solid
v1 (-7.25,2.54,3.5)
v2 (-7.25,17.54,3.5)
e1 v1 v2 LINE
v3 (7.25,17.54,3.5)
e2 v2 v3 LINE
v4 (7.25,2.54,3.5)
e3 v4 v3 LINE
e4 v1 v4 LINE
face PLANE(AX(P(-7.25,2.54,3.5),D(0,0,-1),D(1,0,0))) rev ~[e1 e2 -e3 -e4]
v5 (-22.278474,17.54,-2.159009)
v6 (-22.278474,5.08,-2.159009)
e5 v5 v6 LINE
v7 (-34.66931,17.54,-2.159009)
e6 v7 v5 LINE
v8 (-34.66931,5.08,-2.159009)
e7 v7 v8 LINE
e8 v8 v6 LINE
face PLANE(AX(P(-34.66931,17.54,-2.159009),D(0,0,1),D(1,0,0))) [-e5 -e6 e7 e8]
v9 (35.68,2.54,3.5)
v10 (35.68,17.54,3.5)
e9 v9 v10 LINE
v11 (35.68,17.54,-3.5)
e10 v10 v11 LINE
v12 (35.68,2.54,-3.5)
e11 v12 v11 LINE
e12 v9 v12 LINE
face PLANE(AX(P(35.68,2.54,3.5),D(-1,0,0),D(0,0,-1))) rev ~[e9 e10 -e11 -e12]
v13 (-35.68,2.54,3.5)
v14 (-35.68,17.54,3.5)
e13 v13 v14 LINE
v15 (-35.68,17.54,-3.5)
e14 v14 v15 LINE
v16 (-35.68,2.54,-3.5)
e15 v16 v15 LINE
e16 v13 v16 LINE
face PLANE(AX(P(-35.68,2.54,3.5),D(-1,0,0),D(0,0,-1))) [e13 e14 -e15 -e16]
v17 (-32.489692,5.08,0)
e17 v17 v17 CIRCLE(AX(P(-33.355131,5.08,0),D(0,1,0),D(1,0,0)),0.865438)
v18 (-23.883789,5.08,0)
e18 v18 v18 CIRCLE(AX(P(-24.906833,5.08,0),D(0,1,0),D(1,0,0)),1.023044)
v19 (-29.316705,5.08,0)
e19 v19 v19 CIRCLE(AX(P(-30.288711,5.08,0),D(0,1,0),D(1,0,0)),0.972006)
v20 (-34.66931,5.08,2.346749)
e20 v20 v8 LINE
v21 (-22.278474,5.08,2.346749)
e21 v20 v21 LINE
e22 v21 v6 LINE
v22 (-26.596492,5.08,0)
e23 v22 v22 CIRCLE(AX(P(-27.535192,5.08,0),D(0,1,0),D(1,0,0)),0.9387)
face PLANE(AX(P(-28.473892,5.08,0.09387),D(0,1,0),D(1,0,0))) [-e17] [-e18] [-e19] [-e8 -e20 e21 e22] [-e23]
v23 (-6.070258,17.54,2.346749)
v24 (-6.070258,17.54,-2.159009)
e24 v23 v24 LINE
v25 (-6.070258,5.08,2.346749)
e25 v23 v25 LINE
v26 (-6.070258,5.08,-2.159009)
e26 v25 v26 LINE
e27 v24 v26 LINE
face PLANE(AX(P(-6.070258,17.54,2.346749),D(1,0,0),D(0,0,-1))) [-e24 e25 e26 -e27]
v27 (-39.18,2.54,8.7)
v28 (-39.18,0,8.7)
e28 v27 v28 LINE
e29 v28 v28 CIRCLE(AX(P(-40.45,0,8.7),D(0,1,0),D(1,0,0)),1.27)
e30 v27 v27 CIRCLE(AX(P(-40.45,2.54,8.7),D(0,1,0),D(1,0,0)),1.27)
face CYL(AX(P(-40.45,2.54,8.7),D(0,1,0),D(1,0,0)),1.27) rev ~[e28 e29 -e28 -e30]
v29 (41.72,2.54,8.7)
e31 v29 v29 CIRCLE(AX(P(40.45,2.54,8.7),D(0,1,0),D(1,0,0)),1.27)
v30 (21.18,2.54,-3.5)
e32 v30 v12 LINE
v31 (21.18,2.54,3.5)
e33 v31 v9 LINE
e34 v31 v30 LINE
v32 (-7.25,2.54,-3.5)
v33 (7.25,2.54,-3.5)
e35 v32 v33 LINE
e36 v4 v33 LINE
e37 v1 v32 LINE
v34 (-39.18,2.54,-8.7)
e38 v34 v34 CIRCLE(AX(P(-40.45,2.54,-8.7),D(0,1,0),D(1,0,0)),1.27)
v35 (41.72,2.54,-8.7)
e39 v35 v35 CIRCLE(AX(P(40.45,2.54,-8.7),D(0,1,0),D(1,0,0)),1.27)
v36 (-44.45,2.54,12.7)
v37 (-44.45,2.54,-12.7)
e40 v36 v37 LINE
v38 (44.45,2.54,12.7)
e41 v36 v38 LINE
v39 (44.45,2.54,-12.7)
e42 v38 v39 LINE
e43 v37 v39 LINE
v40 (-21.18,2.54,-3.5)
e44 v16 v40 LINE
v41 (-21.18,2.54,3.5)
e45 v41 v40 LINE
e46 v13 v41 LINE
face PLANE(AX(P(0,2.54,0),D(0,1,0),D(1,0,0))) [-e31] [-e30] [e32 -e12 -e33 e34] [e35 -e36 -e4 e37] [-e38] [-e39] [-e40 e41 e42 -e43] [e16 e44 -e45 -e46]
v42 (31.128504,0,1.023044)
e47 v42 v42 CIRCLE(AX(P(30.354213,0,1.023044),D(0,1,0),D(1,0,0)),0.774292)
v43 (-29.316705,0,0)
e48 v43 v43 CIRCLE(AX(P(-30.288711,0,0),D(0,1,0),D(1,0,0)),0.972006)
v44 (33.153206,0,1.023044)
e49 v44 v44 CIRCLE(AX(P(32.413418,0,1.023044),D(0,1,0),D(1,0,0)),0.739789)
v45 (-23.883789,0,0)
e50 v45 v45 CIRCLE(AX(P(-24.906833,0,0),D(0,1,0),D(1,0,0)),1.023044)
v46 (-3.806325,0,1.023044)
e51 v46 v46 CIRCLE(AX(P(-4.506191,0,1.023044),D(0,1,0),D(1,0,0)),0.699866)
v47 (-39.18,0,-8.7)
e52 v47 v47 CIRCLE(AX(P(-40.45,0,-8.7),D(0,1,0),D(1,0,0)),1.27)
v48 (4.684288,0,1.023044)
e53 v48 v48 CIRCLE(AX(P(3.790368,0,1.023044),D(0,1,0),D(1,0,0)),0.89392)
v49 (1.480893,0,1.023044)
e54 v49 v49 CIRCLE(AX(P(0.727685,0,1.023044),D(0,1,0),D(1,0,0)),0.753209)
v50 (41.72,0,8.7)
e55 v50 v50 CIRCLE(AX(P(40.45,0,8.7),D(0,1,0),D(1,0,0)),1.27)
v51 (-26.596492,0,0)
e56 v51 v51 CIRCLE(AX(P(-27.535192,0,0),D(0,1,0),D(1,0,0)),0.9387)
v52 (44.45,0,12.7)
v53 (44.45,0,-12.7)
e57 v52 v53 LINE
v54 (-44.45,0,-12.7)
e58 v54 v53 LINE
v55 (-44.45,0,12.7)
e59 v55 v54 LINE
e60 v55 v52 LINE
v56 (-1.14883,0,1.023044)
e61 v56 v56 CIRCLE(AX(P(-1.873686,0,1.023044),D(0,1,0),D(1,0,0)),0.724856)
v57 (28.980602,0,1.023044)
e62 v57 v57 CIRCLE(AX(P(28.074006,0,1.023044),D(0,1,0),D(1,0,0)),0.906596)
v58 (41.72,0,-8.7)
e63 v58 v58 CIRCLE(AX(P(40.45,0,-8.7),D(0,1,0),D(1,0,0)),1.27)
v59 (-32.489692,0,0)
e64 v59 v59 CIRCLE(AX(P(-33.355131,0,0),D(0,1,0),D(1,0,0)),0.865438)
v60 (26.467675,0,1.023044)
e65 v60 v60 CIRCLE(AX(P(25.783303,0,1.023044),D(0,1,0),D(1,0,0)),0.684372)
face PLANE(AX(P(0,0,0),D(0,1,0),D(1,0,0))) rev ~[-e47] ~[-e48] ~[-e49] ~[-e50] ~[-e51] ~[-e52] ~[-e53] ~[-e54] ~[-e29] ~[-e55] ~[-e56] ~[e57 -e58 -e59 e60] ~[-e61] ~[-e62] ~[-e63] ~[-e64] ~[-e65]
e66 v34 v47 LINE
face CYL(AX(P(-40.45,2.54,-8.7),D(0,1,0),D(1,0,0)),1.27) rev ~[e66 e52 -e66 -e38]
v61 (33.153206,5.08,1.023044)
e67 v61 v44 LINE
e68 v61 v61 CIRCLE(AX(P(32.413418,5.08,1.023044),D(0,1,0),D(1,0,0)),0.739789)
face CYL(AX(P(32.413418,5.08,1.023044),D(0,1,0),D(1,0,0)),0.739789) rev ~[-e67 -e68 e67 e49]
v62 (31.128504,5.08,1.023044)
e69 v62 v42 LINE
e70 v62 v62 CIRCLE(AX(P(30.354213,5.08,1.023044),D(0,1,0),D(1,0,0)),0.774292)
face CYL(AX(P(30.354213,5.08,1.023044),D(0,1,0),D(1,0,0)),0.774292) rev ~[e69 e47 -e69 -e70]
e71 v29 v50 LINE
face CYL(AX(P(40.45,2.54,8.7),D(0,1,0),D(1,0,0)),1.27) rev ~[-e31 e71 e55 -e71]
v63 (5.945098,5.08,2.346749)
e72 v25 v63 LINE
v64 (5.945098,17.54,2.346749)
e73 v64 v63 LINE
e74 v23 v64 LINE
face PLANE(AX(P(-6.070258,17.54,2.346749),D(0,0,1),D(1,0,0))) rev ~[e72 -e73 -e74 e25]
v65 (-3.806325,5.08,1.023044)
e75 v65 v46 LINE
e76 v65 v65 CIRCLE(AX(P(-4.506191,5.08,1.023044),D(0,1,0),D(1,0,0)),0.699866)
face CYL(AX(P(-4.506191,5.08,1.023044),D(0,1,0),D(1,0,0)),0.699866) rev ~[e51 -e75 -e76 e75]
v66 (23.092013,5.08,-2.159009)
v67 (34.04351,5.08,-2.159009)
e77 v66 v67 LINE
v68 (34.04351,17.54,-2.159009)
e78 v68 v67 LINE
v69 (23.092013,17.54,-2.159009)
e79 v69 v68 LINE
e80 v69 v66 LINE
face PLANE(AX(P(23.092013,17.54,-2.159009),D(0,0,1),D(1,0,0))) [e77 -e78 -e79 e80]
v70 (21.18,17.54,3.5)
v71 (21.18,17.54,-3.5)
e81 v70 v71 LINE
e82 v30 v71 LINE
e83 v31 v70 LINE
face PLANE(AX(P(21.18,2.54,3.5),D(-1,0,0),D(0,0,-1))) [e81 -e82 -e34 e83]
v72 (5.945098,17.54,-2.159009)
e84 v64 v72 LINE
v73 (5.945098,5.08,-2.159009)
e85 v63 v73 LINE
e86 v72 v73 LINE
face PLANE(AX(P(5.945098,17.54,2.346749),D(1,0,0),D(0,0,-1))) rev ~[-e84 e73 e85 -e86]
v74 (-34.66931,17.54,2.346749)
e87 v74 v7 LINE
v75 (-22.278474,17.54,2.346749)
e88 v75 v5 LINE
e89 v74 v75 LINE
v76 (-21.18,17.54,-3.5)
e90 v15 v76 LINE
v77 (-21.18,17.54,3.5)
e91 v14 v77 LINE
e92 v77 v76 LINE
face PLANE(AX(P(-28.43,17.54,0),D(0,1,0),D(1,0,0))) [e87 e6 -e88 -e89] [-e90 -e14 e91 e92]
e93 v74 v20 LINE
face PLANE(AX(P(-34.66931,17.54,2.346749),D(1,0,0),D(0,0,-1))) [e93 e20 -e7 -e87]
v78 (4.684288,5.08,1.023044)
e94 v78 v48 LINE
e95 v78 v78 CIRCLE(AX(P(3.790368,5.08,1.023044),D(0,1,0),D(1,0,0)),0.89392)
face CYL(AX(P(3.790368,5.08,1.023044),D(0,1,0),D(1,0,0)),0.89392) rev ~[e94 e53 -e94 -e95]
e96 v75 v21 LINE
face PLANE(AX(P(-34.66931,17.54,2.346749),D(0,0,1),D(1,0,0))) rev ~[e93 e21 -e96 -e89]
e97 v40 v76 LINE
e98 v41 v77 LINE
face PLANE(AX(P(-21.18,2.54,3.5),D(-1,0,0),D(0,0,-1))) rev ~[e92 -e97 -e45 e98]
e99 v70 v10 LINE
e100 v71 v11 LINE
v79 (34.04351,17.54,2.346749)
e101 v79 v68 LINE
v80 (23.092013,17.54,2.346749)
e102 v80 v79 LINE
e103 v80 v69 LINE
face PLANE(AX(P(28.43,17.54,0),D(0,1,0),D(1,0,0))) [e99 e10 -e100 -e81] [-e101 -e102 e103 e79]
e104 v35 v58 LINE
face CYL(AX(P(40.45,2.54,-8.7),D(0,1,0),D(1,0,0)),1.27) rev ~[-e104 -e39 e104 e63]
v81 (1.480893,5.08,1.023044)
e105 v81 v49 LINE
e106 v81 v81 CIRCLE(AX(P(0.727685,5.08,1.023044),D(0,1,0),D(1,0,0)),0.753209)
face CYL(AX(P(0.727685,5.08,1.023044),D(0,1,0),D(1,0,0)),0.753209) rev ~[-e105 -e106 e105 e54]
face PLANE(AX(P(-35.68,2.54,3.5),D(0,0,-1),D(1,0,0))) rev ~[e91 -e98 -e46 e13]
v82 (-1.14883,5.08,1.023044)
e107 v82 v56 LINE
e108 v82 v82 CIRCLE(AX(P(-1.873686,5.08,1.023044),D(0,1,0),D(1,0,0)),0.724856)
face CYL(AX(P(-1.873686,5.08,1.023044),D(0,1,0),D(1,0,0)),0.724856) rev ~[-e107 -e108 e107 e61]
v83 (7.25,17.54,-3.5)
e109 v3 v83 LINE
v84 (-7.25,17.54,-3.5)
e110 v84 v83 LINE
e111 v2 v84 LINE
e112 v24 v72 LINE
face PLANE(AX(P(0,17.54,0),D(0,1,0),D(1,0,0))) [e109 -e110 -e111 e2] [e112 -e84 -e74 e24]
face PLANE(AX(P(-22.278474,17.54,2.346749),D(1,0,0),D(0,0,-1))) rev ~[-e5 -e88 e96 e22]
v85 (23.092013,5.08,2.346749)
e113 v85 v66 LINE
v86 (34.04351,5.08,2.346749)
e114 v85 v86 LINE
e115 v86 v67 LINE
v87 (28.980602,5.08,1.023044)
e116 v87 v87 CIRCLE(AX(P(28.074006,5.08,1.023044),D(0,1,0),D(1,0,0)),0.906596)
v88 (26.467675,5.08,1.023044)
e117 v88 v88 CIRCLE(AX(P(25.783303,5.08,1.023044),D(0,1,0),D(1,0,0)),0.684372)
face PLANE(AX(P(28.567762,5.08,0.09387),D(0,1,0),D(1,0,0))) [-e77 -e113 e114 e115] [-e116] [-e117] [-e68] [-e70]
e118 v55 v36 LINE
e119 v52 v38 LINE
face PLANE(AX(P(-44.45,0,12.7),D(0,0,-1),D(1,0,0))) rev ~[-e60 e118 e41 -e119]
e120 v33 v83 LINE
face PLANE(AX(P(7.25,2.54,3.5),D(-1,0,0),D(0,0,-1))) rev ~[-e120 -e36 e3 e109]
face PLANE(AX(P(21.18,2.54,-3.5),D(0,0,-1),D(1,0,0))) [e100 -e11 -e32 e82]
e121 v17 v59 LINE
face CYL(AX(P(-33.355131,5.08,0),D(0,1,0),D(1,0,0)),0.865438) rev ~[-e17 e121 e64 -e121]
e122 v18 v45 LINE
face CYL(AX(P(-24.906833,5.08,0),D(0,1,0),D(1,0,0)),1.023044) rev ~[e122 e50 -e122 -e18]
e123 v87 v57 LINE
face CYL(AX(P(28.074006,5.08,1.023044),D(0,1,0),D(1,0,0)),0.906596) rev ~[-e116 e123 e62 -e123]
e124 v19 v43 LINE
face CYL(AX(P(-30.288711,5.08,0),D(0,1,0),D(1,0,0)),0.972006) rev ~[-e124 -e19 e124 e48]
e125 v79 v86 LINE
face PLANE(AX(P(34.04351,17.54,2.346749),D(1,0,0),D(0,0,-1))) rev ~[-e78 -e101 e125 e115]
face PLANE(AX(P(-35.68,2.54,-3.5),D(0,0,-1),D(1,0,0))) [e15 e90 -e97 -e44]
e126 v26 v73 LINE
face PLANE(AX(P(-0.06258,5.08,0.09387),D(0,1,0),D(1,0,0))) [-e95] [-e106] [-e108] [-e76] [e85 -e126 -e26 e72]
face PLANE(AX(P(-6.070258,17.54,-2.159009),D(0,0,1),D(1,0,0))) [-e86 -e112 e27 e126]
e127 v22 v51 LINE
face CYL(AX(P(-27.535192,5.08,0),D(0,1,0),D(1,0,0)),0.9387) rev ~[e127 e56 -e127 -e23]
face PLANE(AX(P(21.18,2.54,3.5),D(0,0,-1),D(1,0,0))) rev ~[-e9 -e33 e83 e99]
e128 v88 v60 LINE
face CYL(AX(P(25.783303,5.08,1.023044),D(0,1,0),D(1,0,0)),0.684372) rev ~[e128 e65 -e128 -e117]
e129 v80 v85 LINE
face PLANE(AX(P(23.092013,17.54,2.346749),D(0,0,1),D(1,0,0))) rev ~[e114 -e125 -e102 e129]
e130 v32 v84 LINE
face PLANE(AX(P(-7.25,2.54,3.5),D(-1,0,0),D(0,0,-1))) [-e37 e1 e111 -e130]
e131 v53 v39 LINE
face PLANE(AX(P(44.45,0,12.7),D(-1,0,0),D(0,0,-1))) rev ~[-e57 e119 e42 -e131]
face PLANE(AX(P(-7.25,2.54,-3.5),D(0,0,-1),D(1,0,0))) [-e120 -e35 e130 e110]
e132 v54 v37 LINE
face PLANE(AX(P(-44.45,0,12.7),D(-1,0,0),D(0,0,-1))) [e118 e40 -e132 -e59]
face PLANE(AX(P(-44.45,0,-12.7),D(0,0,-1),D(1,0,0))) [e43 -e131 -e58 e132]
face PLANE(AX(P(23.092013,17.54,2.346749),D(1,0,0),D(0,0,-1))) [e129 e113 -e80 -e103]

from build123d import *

# Parameters (mm, degrees)
SKETCH1_W           = 88.9
SKETCH1_H           = 25.4
BOSS_EXTRUDE1_DEPTH = 2.54
SKETCH2_R           = 1.27
CUT_EXTRUDE1_DEPTH  = 2.54
SKETCH16_W          = 14.499999956
SKETCH16_H          = 6.99999997
BOSS_EXTRUDE3_DEPTH = 14.999999972
SKETCH17_W          = 12.390836481
SKETCH17_H          = 4.505758721
SKETCH17_W_2        = 12.015356588
SKETCH17_W_3        = 10.95149689
CUT_EXTRUDE4_DEPTH  = 12.459999972
SKETCH18_R          = 0.865438392
SKETCH18_R_2        = 0.972006337
SKETCH18_R_3        = 0.938699733
SKETCH18_R_4        = 1.023043952
SKETCH18_R_5        = 0.699865796
SKETCH18_R_6        = 0.72485584
SKETCH18_R_7        = 0.753208606
SKETCH18_R_8        = 0.89391984
SKETCH18_R_9        = 0.684371717
SKETCH18_R_10       = 0.906595882
SKETCH18_R_11       = 0.774291856
SKETCH18_R_12       = 0.739788643
CUT_EXTRUDE5_DEPTH  = 12.459999972


with BuildPart() as part:
    # Sketch1 → Boss-Extrude1 (new body)
    with BuildSketch(Plane(origin=(0, 0, 0), x_dir=(1, 0, 0), z_dir=(0, 1, 0))):
        Rectangle(SKETCH1_W, SKETCH1_H)
    extrude(amount=BOSS_EXTRUDE1_DEPTH)

    # Sketch2 → Cut-Extrude1 (cut)
    with BuildSketch(Plane(origin=(0, 2.54, 0), x_dir=(1, 0, 0), z_dir=(0, 1, 0))):
        with Locations((-40.45, 8.7)):
            Circle(SKETCH2_R)
        with Locations((-40.45, -8.7)):
            Circle(SKETCH2_R)
        with Locations((40.45, -8.7)):
            Circle(SKETCH2_R)
        with Locations((40.45, 8.7)):
            Circle(SKETCH2_R)
    extrude(amount=-CUT_EXTRUDE1_DEPTH, mode=Mode.SUBTRACT)

    # Sketch16 → Boss-Extrude3 (add)
    with BuildSketch(Plane(origin=(0, 2.54, 0), x_dir=(1, 0, 0), z_dir=(0, 1, 0))):
        Rectangle(SKETCH16_W, SKETCH16_H)
        with Locations((28.430000036, 1.27e-07)):
            Rectangle(SKETCH16_W, SKETCH16_H)
        with Locations((-28.430000036, 1.27e-07)):
            Rectangle(SKETCH16_W, SKETCH16_H)
    extrude(amount=BOSS_EXTRUDE3_DEPTH)

    # Sketch17 → Cut-Extrude4 (cut)
    with BuildSketch(Plane(origin=(0, 17.539999972, 0), x_dir=(1, 0, 0), z_dir=(0, 1, 0))):
        with Locations((-28.473891916, -0.093869973)):
            Rectangle(SKETCH17_W, SKETCH17_H)
        with Locations((-0.062579982, -0.093869973)):
            Rectangle(SKETCH17_W_2, SKETCH17_H)
        with Locations((28.567761889, -0.093869973)):
            Rectangle(SKETCH17_W_3, SKETCH17_H)
    extrude(amount=-CUT_EXTRUDE4_DEPTH, mode=Mode.SUBTRACT)

    # Sketch18 → Cut-Extrude5 (cut)
    with BuildSketch(Plane(origin=(0, 5.08, 0), x_dir=(1, 0, 0), z_dir=(0, 1, 0))):
        with Locations((-33.35513053, 0)):
            Circle(SKETCH18_R)
        with Locations((-30.2887114, 0)):
            Circle(SKETCH18_R_2)
        with Locations((-27.535192182, 0)):
            Circle(SKETCH18_R_3)
        with Locations((-24.906832928, 0)):
            Circle(SKETCH18_R_4)
        with Locations((-4.506191176, -1.023043952)):
            Circle(SKETCH18_R_5)
        with Locations((-1.873685579, -1.023043952)):
            Circle(SKETCH18_R_6)
        with Locations((0.727684736, -1.023043952)):
            Circle(SKETCH18_R_7)
        with Locations((3.790367697, -1.023043952)):
            Circle(SKETCH18_R_8)
        with Locations((25.783303286, -1.023043952)):
            Circle(SKETCH18_R_9)
        with Locations((28.074005802, -1.023043952)):
            Circle(SKETCH18_R_10)
        with Locations((30.354212641, -1.023043952)):
            Circle(SKETCH18_R_11)
        with Locations((32.413417846, -1.023043952)):
            Circle(SKETCH18_R_12)
    extrude(amount=-CUT_EXTRUDE5_DEPTH, mode=Mode.SUBTRACT)


solid = part.part
